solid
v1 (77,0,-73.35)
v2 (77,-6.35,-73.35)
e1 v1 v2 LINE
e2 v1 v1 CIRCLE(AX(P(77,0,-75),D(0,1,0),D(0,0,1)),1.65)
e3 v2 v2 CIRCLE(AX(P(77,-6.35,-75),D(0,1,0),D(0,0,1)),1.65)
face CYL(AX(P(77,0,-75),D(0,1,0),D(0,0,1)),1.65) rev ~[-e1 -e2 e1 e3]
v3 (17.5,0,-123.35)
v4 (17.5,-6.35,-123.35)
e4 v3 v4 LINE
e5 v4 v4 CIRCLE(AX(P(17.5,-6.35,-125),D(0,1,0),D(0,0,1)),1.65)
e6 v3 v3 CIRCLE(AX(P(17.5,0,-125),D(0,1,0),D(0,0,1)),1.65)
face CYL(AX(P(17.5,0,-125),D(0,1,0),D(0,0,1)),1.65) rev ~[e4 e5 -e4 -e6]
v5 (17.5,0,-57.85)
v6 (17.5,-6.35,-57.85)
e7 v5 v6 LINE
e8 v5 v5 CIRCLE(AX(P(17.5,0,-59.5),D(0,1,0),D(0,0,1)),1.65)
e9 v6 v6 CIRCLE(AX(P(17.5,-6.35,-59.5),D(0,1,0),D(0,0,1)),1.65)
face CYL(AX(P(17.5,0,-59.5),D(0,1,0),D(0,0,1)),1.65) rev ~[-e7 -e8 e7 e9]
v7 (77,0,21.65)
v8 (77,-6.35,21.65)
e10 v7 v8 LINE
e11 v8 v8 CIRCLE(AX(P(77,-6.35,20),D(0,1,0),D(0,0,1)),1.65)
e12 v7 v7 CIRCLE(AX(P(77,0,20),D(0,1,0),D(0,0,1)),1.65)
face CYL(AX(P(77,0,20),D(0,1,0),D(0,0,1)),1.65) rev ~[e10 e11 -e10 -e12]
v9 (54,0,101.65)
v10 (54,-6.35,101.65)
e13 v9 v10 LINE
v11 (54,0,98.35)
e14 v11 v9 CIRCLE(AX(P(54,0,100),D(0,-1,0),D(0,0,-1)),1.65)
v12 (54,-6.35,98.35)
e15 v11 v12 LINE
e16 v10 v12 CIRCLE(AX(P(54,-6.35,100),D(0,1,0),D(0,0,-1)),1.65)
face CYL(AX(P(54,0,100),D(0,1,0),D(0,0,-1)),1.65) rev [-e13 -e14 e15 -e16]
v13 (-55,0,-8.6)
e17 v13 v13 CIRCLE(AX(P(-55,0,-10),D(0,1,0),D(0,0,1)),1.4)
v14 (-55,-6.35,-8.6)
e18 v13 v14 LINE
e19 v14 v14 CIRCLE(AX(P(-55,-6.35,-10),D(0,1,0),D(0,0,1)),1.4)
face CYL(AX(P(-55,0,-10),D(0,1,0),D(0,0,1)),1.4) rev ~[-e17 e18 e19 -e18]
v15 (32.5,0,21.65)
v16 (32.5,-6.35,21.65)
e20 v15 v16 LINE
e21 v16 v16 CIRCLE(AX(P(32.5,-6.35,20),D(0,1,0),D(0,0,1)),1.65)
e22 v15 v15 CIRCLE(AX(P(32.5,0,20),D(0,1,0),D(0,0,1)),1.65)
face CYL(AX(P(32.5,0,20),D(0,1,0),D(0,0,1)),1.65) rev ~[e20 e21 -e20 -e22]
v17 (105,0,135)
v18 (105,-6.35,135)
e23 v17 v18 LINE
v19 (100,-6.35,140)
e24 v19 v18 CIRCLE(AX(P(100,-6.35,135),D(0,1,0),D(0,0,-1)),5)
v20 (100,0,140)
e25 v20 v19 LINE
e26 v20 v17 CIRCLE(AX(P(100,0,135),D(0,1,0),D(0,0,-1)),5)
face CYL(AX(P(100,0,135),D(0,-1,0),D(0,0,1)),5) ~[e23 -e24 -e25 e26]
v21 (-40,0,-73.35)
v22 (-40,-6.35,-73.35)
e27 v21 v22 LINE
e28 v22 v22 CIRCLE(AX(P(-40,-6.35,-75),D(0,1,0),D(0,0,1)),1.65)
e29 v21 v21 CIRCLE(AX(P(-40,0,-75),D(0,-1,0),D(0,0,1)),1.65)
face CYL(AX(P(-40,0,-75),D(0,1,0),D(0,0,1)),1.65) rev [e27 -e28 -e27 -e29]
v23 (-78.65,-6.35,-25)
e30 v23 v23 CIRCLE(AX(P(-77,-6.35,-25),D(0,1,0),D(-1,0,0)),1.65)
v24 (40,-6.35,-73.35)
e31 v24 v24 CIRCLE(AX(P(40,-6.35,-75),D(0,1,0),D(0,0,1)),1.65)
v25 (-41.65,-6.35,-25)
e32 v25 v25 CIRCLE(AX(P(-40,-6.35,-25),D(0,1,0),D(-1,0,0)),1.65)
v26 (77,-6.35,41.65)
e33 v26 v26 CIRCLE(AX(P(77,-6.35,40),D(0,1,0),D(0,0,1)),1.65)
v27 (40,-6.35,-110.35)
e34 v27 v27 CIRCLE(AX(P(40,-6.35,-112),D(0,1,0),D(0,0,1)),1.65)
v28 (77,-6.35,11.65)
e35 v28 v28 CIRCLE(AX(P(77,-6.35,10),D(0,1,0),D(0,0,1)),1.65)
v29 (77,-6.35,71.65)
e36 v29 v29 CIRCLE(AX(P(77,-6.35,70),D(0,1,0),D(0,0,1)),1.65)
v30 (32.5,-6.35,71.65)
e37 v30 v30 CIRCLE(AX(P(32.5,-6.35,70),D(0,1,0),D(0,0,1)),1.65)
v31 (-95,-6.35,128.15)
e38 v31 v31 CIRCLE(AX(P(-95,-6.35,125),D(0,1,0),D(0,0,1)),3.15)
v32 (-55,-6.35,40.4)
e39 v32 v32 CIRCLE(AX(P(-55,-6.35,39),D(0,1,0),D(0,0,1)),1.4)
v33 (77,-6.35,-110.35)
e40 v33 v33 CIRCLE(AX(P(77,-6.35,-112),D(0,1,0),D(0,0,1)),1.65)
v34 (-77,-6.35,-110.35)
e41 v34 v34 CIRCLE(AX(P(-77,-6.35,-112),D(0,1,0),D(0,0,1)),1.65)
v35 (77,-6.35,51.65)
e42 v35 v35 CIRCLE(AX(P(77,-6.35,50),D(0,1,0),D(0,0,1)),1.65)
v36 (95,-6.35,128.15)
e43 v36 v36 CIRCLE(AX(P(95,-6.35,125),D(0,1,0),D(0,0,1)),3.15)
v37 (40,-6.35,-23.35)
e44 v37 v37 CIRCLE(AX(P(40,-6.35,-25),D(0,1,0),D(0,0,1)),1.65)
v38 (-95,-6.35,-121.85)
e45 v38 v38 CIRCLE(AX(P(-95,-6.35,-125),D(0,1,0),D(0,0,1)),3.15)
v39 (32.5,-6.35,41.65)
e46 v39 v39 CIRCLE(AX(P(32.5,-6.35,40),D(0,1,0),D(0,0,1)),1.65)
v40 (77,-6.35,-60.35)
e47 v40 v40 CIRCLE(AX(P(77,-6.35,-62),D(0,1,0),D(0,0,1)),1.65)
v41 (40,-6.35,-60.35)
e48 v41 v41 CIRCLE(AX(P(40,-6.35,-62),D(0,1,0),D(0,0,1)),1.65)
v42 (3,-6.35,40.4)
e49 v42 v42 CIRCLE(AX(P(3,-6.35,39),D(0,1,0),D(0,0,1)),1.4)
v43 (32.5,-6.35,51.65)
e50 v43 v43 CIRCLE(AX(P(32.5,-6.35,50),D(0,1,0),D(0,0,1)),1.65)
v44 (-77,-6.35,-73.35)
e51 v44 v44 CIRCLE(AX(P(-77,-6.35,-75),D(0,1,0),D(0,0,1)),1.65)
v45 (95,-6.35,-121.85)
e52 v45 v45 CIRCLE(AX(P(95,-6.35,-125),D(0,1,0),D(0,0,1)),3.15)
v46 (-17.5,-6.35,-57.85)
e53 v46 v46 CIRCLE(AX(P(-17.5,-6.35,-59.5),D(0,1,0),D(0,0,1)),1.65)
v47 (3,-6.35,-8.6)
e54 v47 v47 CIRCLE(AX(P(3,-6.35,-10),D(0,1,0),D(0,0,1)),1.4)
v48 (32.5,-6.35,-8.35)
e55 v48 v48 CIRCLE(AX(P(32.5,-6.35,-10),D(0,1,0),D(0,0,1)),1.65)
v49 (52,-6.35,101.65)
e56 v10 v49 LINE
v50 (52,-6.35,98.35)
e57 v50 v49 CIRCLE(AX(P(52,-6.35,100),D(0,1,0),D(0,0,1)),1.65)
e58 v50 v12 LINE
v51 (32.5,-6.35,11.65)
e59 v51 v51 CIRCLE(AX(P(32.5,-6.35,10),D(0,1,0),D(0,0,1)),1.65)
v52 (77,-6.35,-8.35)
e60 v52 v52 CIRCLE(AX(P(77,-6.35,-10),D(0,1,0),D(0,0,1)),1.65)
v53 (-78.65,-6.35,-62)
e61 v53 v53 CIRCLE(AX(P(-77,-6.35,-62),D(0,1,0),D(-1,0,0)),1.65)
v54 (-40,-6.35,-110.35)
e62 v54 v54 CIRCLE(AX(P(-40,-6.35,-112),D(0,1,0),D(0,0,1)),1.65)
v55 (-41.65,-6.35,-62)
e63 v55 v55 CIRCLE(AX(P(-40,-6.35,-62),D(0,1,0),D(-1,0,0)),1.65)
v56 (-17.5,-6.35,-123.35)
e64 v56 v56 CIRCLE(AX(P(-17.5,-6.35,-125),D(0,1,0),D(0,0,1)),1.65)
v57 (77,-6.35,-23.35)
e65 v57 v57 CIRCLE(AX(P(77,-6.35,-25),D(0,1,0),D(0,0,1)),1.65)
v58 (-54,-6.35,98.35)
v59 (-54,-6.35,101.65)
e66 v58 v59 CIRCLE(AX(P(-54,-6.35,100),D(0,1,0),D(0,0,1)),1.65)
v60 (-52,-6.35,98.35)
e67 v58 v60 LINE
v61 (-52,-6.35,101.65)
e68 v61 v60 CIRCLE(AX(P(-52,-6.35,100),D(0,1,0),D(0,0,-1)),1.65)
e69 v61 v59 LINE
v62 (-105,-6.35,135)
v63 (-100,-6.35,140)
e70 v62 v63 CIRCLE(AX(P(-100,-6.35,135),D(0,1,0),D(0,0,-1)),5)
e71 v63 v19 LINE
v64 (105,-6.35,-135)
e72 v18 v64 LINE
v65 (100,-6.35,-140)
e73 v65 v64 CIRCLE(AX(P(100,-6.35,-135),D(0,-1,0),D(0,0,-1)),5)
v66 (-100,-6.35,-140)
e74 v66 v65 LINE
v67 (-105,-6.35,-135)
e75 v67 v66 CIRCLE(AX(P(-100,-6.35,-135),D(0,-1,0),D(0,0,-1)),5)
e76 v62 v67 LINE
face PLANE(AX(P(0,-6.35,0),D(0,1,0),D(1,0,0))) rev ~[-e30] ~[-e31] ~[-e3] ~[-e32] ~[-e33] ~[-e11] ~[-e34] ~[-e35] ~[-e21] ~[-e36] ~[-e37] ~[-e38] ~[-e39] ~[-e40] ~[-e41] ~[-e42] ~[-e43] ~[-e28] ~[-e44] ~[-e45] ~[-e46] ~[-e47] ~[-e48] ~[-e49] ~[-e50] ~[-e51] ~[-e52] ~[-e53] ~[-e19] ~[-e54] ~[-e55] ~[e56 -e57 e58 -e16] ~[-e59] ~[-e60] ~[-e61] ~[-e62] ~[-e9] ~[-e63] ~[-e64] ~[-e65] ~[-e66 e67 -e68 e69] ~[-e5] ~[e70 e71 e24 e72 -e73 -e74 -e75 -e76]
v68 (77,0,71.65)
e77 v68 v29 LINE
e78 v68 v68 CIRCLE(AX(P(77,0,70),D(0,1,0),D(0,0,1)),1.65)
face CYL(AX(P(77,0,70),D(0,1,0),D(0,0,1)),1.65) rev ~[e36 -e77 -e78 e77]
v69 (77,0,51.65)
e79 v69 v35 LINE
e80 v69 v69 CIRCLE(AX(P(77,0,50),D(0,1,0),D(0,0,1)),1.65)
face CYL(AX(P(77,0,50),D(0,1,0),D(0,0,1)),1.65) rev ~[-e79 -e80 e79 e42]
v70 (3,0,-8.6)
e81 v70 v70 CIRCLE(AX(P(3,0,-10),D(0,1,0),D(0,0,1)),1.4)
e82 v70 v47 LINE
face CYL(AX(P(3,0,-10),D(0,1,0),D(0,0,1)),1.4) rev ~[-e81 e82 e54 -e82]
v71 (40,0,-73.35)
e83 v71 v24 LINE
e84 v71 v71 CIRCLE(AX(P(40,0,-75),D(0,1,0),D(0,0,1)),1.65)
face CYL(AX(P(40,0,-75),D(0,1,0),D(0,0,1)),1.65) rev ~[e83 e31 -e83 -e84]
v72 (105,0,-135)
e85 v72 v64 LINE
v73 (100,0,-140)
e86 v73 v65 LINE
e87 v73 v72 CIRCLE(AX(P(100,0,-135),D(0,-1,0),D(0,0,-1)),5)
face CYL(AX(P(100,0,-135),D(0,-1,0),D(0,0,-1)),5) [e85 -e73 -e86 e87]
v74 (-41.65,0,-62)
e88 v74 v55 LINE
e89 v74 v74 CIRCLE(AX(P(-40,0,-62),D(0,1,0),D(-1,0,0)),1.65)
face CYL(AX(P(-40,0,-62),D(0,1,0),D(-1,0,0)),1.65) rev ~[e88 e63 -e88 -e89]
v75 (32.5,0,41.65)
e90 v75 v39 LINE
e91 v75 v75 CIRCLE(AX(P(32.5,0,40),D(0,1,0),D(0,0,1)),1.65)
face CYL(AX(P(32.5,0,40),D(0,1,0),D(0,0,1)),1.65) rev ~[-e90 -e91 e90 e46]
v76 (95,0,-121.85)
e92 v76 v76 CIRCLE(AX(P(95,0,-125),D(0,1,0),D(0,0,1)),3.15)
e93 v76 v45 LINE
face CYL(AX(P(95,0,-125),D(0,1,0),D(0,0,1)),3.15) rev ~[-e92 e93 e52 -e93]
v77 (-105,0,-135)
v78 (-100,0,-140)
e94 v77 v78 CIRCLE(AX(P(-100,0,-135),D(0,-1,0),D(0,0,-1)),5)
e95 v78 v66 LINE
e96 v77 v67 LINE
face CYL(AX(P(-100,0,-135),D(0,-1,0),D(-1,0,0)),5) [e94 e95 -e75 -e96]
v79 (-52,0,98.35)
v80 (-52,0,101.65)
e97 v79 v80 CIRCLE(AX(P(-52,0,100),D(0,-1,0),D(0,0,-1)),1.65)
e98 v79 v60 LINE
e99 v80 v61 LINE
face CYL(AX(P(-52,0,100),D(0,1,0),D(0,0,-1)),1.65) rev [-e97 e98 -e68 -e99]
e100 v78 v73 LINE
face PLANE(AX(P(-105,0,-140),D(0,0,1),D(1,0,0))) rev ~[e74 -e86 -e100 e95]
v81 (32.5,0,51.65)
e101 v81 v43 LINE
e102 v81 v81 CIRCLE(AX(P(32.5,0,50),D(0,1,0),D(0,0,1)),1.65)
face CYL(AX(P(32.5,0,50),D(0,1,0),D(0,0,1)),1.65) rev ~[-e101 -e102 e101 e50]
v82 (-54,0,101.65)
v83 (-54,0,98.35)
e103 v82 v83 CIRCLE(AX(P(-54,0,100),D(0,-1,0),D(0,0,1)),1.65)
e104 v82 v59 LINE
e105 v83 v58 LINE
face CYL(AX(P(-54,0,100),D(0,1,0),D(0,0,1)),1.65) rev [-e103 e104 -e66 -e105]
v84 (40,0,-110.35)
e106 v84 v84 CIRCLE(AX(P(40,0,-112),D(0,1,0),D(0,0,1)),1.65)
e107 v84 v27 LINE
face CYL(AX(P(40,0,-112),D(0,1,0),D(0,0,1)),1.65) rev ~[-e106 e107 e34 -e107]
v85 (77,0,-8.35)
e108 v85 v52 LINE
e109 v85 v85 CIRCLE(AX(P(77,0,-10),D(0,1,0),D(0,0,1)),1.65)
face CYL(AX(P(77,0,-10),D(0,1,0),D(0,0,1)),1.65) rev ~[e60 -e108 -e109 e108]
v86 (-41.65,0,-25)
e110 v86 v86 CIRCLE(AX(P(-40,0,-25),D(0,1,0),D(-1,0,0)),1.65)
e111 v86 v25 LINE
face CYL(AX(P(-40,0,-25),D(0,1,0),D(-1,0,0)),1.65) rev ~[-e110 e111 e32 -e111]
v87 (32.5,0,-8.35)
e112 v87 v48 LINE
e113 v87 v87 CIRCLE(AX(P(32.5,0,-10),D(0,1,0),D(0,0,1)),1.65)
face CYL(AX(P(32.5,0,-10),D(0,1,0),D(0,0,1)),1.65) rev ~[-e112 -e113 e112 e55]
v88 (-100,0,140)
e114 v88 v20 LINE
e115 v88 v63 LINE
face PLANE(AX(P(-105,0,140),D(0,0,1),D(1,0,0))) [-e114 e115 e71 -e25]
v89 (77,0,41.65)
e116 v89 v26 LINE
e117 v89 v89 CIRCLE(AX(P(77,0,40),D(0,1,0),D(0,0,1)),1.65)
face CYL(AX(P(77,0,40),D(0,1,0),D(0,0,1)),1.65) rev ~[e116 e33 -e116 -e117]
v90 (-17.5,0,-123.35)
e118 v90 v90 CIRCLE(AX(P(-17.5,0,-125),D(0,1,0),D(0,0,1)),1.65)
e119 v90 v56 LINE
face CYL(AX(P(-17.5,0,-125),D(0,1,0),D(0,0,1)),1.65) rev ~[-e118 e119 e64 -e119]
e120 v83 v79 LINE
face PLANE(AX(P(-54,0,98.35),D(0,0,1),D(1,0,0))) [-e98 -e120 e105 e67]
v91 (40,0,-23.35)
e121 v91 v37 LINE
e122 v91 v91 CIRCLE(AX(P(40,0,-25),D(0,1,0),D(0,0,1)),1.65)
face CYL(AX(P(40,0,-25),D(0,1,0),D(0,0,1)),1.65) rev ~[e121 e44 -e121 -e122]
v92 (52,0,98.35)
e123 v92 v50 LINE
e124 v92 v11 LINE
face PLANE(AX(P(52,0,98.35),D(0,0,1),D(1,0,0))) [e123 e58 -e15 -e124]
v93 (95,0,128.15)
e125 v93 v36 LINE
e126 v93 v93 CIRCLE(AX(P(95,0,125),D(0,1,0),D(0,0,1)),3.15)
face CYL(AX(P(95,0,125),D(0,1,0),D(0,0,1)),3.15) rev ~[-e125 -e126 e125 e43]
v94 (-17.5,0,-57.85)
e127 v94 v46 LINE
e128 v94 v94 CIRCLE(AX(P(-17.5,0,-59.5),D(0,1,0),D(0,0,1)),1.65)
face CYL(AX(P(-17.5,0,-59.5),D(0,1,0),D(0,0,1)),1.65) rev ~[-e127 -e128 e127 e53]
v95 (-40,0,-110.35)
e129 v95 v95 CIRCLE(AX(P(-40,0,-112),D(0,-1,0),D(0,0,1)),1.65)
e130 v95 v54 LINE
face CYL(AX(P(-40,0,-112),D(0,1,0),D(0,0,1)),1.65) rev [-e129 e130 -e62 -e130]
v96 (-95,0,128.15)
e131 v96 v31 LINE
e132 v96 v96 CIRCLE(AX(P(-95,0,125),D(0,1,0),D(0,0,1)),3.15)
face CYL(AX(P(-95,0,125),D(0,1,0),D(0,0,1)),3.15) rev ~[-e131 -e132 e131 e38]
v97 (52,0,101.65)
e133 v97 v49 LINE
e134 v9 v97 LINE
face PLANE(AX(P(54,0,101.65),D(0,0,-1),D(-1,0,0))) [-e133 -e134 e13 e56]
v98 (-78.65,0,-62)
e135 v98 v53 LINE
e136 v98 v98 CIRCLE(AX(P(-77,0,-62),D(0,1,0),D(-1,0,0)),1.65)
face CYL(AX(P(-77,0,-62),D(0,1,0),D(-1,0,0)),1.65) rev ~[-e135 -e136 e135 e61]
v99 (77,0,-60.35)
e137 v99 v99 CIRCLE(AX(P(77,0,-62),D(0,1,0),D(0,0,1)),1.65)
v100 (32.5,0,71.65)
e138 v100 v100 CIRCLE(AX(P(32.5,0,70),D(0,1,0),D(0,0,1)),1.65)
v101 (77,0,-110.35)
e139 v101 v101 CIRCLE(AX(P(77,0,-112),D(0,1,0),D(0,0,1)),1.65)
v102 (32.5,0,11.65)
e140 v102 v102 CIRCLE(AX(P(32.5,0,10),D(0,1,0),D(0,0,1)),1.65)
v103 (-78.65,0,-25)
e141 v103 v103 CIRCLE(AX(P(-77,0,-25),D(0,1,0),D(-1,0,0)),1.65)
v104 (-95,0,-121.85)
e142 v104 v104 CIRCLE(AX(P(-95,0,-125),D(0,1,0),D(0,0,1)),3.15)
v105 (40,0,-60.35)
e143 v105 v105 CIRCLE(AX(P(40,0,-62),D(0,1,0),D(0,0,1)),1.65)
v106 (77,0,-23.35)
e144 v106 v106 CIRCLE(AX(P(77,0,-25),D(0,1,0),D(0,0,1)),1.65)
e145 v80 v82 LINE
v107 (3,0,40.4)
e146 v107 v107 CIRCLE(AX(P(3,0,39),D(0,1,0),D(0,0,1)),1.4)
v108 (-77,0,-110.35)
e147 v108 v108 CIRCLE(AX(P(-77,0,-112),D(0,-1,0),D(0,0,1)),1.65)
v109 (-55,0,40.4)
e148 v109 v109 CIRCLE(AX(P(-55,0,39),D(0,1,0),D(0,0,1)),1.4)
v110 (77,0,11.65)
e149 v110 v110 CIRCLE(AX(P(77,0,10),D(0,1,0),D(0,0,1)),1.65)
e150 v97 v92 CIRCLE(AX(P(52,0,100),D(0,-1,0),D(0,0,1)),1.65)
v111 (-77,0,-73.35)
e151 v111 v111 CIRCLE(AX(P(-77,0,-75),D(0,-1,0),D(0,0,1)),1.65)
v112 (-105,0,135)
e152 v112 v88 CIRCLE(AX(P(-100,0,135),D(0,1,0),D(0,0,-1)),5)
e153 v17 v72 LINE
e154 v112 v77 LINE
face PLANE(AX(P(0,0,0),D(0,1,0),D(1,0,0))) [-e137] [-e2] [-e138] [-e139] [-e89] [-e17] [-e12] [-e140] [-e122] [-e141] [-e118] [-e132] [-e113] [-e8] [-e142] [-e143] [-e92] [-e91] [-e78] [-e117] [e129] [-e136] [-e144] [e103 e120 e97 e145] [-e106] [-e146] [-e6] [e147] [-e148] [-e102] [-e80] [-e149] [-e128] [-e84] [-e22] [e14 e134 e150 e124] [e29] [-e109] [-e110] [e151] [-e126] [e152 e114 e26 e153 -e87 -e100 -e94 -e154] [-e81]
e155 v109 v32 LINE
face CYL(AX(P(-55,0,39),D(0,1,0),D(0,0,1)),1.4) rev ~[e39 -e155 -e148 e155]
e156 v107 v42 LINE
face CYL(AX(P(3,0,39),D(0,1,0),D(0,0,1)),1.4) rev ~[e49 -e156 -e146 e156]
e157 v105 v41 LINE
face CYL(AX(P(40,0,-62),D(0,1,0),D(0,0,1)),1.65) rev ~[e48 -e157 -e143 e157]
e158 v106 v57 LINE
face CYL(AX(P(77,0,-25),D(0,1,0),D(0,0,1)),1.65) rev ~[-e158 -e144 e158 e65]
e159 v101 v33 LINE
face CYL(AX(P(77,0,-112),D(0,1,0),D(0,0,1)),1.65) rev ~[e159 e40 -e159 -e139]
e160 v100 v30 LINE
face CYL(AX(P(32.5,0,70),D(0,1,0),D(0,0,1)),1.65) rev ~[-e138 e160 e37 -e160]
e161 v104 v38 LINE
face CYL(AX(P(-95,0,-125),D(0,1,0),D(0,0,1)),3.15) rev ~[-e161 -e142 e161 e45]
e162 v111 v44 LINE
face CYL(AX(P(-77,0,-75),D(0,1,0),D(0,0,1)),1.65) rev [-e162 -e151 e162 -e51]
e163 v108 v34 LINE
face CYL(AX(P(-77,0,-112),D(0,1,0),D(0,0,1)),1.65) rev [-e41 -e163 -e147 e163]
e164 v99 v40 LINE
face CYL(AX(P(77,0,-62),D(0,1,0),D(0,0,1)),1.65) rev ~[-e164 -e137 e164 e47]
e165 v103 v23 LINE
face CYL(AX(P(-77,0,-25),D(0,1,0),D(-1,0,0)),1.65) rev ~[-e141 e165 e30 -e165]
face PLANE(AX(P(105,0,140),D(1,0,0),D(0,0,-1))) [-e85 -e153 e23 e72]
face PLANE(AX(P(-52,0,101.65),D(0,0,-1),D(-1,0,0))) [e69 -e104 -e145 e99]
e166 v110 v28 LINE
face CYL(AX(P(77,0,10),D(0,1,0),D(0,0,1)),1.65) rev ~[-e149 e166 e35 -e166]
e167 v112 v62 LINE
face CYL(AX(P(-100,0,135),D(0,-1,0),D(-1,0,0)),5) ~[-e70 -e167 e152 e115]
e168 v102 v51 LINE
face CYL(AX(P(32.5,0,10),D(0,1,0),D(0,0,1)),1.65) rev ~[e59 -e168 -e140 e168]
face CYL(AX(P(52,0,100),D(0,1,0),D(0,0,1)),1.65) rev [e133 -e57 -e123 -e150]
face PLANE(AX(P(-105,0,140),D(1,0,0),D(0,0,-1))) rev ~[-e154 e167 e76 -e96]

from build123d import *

# Parameters (mm, degrees)
SKETCH1_W               = 210
SKETCH1_H               = 280
BOSS_EXTRUDE1_DEPTH     = 6.35
SKETCH2_R               = 3.15
CUT_EXTRUDE1_DEPTH      = 176.115169246
CUT_EXTRUDE2_DEPTH      = 176.115169246
SKETCH4_R               = 1.65
CUT_EXTRUDE3_DEPTH      = 176.115169246
LPATTERN1_COUNT         = 2
LPATTERN1_PITCH         = 50
MIRROR1_COPY_1_SKETCH_R = 1.65
MIRROR1_COPY_1_DEPTH    = 176.115169246
SKETCH5_R               = 1.4
CUT_EXTRUDE4_DEPTH      = 176.115169246
FILLET1_R               = 5
SKETCH6_R               = 1.65
CUT_EXTRUDE5_DEPTH      = 176.115169246
SKETCH7_R               = 1.65
CUT_EXTRUDE6_DEPTH      = 176.115169246
LPATTERN4_COUNT         = 3
LPATTERN4_PITCH         = 30


with BuildPart() as part:
    # Sketch1 → Boss-Extrude1 (new body)
    with BuildSketch(Plane(origin=(0, 0, 0), x_dir=(1, 0, 0), z_dir=(0, 1, 0))):
        Rectangle(SKETCH1_W, SKETCH1_H)
    extrude(amount=-BOSS_EXTRUDE1_DEPTH)

    # Sketch2 → Cut-Extrude1 (cut, through all)
    with BuildSketch(Plane(origin=(0, 0, 0), x_dir=(1, 0, 0), z_dir=(0, 1, 0))):
        with Locations(Location((-95, 125, 0), (0, 0, 270))):
            Circle(SKETCH2_R)
        with Locations(Location((95, 125, 0), (0, 0, 270))):
            Circle(SKETCH2_R)
        with Locations(Location((-95, -125, 0), (0, 0, 270))):
            Circle(SKETCH2_R)
        with Locations(Location((95, -125, 0), (0, 0, 270))):
            Circle(SKETCH2_R)
    extrude(amount=-CUT_EXTRUDE1_DEPTH, mode=Mode.SUBTRACT)

    # Sketch3 → Cut-Extrude2 (cut, through all)
    with BuildSketch(Plane(origin=(0, 0, 0), x_dir=(1, 0, 0), z_dir=(0, 1, 0))):
        with BuildLine():
            Line((52, -98.35), (54, -98.35))
            ThreePointArc((54, -98.35), (55.65, -100), (54, -101.65))
            Line((54, -101.65), (52, -101.65))
            ThreePointArc((52, -101.65), (50.35, -100), (52, -98.35))
        make_face()
        with BuildLine():
            Line((-54, -98.35), (-52, -98.35))
            ThreePointArc((-52, -98.35), (-50.35, -100), (-52, -101.65))
            Line((-52, -101.65), (-54, -101.65))
            ThreePointArc((-54, -101.65), (-55.65, -100), (-54, -98.35))
        make_face()
    extrude(amount=-CUT_EXTRUDE2_DEPTH, mode=Mode.SUBTRACT)

    # Sketch4 → Cut-Extrude3 (cut, through all)
    with BuildSketch(Plane(origin=(0, 0, 0), x_dir=(1, 0, 0), z_dir=(0, 1, 0))):
        with Locations(Location((40, 112, 0), (0, 0, 270))):
            Circle(SKETCH4_R)
        with Locations(Location((77, 112, 0), (0, 0, 270))):
            Circle(SKETCH4_R)
        with Locations(Location((40, 75, 0), (0, 0, 270))):
            Circle(SKETCH4_R)
        with Locations(Location((77, 75, 0), (0, 0, 270))):
            Circle(SKETCH4_R)
    cut_extrude3 = extrude(amount=-CUT_EXTRUDE3_DEPTH, mode=Mode.SUBTRACT)

    # LPattern1: Cut-Extrude3 ×2
    with Locations(*[(0, 0, i * LPATTERN1_PITCH) for i in range(1, LPATTERN1_COUNT)]):
        add(cut_extrude3, mode=Mode.SUBTRACT)

    # Mirror1: Cut-Extrude3 across plane
    add(cut_extrude3.mirror(Plane(origin=(0, 0, 0), x_dir=(0, 0, 1), z_dir=(1, 0, 0))), mode=Mode.SUBTRACT)

    # Mirror1 copy 1 sketch → Mirror1 copy 1 (cut, through all)
    with BuildSketch(Plane(origin=(0, 0, 50), x_dir=(-1, 0, 0), z_dir=(0, 1, 0))):
        with Locations((40, -112)):
            Circle(MIRROR1_COPY_1_SKETCH_R)
        with Locations((77, -112)):
            Circle(MIRROR1_COPY_1_SKETCH_R)
        with Locations((40, -75)):
            Circle(MIRROR1_COPY_1_SKETCH_R)
        with Locations((77, -75)):
            Circle(MIRROR1_COPY_1_SKETCH_R)
    extrude(amount=-MIRROR1_COPY_1_DEPTH, mode=Mode.SUBTRACT)

    # Sketch5 → Cut-Extrude4 (cut, through all)
    with BuildSketch(Plane(origin=(0, 0, 0), x_dir=(1, 0, 0), z_dir=(0, 1, 0))):
        with Locations(Location((-55, 10, 0), (0, 0, 270))):
            Circle(SKETCH5_R)
        with Locations(Location((3, 10, 0), (0, 0, 270))):
            Circle(SKETCH5_R)
        with Locations(Location((-55, -39, 0), (0, 0, 270))):
            Circle(SKETCH5_R)
        with Locations(Location((3, -39, 0), (0, 0, 270))):
            Circle(SKETCH5_R)
    extrude(amount=-CUT_EXTRUDE4_DEPTH, mode=Mode.SUBTRACT)

    # Fillet1
    fillet1_edges = [part.edges().sort_by_distance(p)[0] for p in [
        (105, -3.175, 140),
        (-105, -3.175, 140),
        (-105, -3.175, -140),
        (105, -3.175, -140),
    ]]
    fillet(fillet1_edges, radius=FILLET1_R)

    # Sketch6 → Cut-Extrude5 (cut, through all)
    with BuildSketch(Plane(origin=(0, 0, 0), x_dir=(1, 0, 0), z_dir=(0, 1, 0))):
        with Locations(Location((-17.5, 125, 0), (0, 0, 270))):
            Circle(SKETCH6_R)
        with Locations(Location((-17.5, 59.5, 0), (0, 0, 270))):
            Circle(SKETCH6_R)
        with Locations(Location((17.5, 59.5, 0), (0, 0, 270))):
            Circle(SKETCH6_R)
        with Locations(Location((17.5, 125, 0), (0, 0, 270))):
            Circle(SKETCH6_R)
    extrude(amount=-CUT_EXTRUDE5_DEPTH, mode=Mode.SUBTRACT)

    # Sketch7 → Cut-Extrude6 (cut, through all)
    with BuildSketch(Plane(origin=(0, 0, 0), x_dir=(1, 0, 0), z_dir=(0, 1, 0))):
        with Locations(Location((32.5, 10, 0), (0, 0, 270))):
            Circle(SKETCH7_R)
        with Locations(Location((77, 10, 0), (0, 0, 270))):
            Circle(SKETCH7_R)
        with Locations(Location((77, -10, 0), (0, 0, 270))):
            Circle(SKETCH7_R)
        with Locations(Location((32.5, -10, 0), (0, 0, 270))):
            Circle(SKETCH7_R)
    cut_extrude6 = extrude(amount=-CUT_EXTRUDE6_DEPTH, mode=Mode.SUBTRACT)

    # LPattern4: Cut-Extrude6 ×3
    with Locations(*[(0, 0, i * LPATTERN4_PITCH) for i in range(1, LPATTERN4_COUNT)]):
        add(cut_extrude6, mode=Mode.SUBTRACT)


solid = part.part
